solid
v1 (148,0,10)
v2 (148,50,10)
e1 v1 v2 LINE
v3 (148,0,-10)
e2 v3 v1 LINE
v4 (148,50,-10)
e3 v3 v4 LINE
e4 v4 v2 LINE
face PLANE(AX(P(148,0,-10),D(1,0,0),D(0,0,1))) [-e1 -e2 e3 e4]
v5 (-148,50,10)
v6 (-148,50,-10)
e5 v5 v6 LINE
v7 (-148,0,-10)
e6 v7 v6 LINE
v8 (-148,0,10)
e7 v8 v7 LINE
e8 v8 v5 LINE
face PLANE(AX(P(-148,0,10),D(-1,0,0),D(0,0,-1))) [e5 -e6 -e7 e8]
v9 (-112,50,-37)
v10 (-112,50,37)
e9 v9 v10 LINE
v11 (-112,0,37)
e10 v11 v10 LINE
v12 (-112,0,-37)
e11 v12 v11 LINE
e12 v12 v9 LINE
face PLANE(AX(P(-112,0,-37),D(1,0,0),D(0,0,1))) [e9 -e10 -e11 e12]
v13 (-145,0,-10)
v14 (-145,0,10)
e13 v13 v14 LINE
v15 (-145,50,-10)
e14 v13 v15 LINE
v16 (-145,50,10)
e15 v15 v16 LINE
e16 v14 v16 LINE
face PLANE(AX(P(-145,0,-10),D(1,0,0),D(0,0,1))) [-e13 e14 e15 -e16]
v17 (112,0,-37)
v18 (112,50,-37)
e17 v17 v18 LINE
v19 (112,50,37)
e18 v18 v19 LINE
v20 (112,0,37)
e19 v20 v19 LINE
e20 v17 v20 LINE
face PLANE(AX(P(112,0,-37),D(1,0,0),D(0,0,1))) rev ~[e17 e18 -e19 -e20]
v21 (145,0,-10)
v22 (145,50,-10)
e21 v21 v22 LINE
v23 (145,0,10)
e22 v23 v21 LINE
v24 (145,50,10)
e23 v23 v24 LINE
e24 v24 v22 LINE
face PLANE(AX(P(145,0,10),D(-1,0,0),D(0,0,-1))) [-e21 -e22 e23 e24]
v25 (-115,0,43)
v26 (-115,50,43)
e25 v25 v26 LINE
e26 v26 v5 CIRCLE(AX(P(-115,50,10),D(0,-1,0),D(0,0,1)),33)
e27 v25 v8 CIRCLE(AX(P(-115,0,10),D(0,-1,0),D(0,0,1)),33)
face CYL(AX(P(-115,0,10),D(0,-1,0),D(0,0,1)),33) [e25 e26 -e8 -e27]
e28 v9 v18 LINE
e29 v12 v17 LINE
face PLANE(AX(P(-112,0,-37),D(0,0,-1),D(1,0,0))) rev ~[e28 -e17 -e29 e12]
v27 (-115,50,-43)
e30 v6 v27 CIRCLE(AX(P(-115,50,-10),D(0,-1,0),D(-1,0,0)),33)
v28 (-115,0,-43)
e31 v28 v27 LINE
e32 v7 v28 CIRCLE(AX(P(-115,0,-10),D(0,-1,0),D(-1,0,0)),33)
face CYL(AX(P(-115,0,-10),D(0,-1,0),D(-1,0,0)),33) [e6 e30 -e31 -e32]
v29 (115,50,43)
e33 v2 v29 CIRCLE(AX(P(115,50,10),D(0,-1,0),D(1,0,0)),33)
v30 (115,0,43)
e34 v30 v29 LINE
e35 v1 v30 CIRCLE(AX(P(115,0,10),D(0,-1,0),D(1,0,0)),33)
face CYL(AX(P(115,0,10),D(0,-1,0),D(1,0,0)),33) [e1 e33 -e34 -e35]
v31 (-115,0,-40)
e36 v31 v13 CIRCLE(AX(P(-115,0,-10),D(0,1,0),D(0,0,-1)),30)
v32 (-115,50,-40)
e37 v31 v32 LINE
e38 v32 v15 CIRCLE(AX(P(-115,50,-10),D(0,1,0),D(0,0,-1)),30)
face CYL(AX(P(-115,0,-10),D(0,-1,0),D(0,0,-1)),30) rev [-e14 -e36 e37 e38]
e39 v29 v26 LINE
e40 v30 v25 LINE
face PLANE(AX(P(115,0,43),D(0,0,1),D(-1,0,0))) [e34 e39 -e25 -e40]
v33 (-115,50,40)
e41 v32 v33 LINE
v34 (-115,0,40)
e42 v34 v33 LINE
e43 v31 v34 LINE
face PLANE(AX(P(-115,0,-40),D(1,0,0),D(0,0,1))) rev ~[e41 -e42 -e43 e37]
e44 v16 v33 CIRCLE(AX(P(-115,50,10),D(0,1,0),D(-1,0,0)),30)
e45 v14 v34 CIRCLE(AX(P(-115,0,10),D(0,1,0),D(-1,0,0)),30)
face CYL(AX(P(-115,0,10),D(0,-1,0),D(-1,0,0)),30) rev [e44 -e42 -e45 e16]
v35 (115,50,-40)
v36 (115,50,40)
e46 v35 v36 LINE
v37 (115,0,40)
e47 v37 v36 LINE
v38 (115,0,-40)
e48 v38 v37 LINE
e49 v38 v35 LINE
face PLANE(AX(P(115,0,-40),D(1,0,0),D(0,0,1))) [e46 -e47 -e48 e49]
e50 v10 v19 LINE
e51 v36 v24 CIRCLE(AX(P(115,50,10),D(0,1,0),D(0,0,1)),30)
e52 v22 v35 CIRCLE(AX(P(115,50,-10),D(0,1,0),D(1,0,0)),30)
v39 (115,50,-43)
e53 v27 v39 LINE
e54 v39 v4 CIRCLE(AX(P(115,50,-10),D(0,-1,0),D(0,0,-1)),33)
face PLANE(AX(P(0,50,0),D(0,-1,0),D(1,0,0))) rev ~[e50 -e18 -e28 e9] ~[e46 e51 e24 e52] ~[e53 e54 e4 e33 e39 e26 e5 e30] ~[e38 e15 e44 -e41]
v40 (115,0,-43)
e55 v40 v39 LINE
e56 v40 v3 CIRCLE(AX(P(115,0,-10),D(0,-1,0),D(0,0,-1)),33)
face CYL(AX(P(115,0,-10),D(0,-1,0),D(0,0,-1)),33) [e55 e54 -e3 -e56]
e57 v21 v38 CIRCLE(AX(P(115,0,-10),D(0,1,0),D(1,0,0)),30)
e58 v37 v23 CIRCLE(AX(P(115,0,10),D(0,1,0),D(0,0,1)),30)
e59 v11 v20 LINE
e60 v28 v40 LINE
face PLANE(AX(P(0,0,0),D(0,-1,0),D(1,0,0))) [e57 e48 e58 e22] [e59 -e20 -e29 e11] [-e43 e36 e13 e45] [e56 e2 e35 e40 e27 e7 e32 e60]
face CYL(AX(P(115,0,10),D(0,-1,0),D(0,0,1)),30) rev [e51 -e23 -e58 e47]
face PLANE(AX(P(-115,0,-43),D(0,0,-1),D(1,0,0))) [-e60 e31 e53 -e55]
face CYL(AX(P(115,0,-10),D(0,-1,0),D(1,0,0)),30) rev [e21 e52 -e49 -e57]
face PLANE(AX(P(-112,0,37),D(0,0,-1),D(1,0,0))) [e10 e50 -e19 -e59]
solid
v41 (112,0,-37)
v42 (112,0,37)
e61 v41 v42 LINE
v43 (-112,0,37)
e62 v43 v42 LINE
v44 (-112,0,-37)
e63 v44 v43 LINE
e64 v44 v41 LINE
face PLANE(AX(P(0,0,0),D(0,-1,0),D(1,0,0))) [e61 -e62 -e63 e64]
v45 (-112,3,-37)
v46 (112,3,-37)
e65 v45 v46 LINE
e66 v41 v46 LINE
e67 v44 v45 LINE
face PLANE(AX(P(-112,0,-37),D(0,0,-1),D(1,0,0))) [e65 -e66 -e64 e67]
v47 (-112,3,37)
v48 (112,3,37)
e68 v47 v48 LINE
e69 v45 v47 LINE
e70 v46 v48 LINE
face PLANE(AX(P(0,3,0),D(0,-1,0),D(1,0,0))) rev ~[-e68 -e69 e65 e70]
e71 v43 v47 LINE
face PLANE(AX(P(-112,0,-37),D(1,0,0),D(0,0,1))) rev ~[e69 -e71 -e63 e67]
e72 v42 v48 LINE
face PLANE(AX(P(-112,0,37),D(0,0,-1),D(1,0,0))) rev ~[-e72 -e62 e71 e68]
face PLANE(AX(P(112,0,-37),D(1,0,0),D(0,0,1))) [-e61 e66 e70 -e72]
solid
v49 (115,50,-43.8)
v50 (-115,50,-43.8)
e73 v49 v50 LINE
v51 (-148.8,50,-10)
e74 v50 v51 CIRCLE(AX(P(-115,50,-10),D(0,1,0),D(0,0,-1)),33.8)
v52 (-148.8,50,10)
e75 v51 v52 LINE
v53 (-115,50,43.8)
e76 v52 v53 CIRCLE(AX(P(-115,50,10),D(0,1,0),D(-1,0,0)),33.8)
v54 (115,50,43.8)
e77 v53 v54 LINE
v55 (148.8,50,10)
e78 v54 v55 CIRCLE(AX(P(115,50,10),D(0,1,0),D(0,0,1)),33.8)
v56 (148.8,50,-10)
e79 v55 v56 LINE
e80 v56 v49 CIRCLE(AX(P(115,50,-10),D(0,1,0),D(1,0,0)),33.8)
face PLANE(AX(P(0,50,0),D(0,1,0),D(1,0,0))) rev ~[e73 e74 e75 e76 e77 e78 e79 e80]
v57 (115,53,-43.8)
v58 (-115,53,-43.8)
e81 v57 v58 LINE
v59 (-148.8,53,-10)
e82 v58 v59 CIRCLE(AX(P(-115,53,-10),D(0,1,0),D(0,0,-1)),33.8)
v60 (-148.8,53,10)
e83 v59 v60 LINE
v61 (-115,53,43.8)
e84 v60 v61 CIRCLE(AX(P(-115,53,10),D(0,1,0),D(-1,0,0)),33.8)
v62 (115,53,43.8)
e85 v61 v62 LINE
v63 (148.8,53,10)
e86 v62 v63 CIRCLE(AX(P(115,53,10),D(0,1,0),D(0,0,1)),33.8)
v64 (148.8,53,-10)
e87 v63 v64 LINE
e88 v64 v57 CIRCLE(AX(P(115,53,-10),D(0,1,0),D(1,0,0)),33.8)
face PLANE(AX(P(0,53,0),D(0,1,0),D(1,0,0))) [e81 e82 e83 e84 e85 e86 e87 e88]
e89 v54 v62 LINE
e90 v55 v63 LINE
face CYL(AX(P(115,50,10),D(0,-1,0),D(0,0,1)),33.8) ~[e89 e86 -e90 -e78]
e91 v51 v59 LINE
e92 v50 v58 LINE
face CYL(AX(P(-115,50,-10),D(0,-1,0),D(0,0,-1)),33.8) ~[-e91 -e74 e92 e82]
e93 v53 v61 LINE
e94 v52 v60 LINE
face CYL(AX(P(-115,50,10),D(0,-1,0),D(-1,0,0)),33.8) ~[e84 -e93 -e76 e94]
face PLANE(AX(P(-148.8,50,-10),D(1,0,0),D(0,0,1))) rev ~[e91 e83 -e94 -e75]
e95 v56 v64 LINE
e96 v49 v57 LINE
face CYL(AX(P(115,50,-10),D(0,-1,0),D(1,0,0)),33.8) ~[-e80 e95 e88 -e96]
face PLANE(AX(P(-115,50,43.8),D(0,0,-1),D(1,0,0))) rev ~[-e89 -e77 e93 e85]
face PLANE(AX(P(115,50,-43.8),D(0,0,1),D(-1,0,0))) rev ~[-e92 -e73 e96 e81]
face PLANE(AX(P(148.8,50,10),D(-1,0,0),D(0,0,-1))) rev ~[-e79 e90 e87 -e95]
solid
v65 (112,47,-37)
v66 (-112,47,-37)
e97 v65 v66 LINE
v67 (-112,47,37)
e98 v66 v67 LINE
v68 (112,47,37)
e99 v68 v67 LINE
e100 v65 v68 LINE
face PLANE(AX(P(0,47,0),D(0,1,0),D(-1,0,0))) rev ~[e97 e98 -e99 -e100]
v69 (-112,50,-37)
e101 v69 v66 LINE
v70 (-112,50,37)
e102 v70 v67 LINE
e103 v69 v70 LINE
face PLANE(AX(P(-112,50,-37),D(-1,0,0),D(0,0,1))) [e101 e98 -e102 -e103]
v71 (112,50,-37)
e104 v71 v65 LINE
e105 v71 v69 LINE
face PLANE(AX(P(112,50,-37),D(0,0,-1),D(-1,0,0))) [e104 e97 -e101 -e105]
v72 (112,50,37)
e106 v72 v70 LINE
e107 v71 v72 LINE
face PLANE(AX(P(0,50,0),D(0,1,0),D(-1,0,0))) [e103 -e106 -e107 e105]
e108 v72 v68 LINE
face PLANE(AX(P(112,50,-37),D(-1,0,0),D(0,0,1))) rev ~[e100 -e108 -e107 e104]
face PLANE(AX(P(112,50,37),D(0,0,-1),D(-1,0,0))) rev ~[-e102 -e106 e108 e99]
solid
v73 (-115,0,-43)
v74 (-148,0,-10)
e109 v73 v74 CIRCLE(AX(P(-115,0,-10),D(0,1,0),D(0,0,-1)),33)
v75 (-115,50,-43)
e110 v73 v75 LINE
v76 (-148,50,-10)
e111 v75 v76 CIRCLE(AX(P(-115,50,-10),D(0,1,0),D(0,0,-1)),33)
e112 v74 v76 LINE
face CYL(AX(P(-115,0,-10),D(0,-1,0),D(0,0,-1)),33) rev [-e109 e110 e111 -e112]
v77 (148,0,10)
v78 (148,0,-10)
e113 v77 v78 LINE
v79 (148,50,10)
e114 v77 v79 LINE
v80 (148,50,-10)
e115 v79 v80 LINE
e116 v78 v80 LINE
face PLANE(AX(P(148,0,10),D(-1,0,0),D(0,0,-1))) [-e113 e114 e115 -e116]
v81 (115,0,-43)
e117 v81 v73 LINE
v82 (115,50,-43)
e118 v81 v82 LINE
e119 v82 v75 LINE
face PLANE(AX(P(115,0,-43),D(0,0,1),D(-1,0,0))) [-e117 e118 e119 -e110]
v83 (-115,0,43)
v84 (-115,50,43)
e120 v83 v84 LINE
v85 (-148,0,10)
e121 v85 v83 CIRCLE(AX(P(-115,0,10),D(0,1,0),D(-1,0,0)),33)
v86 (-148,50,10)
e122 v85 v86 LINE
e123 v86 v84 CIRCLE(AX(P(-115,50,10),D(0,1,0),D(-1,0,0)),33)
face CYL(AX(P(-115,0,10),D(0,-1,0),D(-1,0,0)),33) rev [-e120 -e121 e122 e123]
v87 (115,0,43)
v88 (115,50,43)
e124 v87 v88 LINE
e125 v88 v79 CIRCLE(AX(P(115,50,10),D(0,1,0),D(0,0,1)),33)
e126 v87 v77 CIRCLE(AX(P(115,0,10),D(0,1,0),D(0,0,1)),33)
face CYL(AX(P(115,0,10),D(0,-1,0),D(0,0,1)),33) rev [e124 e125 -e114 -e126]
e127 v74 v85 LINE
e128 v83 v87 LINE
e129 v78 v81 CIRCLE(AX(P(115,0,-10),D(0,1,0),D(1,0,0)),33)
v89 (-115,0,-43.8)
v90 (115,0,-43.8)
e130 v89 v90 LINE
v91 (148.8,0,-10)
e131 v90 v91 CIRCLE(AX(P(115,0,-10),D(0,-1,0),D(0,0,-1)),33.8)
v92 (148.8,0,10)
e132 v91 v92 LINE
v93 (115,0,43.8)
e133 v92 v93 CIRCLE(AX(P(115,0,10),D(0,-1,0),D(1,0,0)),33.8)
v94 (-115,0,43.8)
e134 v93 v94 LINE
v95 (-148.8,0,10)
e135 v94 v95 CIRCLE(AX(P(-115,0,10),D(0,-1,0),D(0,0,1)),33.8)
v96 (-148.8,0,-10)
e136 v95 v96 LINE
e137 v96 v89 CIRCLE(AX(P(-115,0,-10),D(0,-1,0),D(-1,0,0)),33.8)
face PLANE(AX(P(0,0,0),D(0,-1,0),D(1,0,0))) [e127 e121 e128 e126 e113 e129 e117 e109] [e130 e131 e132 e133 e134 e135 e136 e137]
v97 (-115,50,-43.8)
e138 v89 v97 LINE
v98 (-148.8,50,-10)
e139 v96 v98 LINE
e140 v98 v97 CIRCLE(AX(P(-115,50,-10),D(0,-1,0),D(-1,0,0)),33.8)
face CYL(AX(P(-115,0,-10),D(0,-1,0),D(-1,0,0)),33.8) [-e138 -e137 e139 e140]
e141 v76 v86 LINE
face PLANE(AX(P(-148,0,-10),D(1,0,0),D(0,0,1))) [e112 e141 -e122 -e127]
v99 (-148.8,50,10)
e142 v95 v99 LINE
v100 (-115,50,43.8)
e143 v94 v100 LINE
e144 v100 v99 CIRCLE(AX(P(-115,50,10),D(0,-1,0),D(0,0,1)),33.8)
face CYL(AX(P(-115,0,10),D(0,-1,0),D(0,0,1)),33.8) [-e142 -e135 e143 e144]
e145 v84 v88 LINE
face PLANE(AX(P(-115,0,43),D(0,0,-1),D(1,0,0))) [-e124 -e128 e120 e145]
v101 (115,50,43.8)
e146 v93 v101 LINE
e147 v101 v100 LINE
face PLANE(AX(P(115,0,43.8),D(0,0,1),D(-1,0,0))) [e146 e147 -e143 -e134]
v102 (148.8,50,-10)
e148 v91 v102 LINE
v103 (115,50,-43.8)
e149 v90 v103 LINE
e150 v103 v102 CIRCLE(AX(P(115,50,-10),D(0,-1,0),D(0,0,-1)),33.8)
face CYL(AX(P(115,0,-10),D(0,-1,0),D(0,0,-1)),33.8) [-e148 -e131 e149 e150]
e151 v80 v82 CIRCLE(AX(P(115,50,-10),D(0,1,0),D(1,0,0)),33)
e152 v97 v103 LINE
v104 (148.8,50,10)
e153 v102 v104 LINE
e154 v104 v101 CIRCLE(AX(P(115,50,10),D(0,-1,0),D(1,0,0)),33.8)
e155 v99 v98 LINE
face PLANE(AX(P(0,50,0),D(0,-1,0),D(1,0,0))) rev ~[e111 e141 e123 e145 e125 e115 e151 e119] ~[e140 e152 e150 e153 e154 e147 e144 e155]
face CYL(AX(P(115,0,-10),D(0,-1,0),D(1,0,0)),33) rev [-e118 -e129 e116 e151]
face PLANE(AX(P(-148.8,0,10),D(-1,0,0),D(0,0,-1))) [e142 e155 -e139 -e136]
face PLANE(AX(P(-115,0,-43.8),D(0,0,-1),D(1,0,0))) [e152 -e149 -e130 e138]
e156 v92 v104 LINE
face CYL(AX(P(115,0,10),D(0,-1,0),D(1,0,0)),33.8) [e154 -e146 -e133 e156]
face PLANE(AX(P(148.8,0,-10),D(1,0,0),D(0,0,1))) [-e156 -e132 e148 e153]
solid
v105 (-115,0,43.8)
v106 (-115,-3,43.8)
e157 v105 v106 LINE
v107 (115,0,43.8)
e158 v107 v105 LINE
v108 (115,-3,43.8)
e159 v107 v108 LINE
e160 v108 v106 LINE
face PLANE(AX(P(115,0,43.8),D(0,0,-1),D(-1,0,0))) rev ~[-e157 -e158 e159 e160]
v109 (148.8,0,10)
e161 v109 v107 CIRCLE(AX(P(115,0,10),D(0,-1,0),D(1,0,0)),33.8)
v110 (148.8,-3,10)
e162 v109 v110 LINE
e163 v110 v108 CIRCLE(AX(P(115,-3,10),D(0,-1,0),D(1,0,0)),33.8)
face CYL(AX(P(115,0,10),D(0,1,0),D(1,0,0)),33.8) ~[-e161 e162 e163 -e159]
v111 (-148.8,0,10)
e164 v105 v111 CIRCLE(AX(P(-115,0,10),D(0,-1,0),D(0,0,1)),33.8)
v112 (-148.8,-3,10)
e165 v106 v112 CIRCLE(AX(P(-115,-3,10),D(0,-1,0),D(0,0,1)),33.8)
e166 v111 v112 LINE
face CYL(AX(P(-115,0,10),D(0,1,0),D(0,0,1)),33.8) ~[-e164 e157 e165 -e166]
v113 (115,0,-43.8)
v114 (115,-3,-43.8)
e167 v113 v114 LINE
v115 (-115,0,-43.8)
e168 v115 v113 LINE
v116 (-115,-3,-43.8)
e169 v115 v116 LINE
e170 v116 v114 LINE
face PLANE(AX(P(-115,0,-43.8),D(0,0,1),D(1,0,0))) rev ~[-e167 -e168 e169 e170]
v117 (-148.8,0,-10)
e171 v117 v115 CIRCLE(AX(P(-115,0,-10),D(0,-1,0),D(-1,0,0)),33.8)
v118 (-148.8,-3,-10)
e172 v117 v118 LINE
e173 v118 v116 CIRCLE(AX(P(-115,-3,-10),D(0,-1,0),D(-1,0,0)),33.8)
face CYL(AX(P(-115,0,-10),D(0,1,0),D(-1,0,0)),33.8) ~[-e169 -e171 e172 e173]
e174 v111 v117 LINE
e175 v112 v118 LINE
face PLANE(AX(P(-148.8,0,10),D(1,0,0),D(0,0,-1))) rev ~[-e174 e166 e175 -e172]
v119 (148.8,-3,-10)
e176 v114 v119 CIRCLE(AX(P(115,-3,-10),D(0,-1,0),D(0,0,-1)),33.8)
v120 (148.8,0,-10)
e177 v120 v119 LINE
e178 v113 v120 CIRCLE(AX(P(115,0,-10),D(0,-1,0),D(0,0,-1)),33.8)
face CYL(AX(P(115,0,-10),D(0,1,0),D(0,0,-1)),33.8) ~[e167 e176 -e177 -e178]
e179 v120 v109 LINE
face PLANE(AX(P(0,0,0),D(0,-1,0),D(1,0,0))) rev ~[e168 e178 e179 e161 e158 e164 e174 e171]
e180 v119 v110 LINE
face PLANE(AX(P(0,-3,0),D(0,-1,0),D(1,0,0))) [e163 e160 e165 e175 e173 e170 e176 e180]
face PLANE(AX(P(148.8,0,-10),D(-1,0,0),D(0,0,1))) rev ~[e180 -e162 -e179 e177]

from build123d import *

# Parameters (mm, degrees)
F0_W     = 230
F0_H     = 80
F0_W_2   = 224
F0_H_2   = 74
F1_DEPTH = 50
F2_DEPTH = 3
F3_DEPTH = 3
F4_DEPTH = 50
F5_W     = 224
F5_H     = 74
F6_DEPTH = 3
F7_DEPTH = 3


with BuildPart() as f1:
    # F0 (on Front) → F1 (new body)
    with BuildSketch(Plane.XZ):
        with BuildLine():
            ThreePointArc((-115, 43), (-138.3345237792, 33.3345237792), (-148, 10))
            Line((-148, 10), (-148, -10))
            ThreePointArc((-148, -10), (-138.3345237792, -33.3345237792), (-115, -43))
            Line((-115, -43), (115, -43))
            ThreePointArc((115, -43), (138.3345237792, -33.3345237792), (148, -10))
            Line((148, -10), (148, 10))
            ThreePointArc((148, 10), (138.3345237792, 33.3345237792), (115, 43))
            Line((115, 43), (-115, 43))
        make_face()
        with BuildLine():
            Line((-115, 40), (115, 40))
            ThreePointArc((115, 40), (136.2132034356, 31.2132034356), (145, 10))
            Line((145, 10), (145, -10))
            ThreePointArc((145, -10), (136.2132034356, -31.2132034356), (115, -40))
            Line((115, -40), (-115, -40))
            ThreePointArc((-115, -40), (-136.2132034356, -31.2132034356), (-145, -10))
            Line((-145, -10), (-145, 10))
            ThreePointArc((-145, 10), (-136.2132034356, 31.2132034356), (-115, 40))
        make_face(mode=Mode.SUBTRACT)
        Rectangle(F0_W, F0_H)
        Rectangle(F0_W_2, F0_H_2, mode=Mode.SUBTRACT)
    extrude(amount=-F1_DEPTH)


with BuildPart() as f2:
    # F0 (on Front) → F2 (new body)
    with BuildSketch(Plane.XZ):
        Rectangle(F0_W_2, F0_H_2)
    extrude(amount=-F2_DEPTH)


with BuildPart() as f3:
    # F0 (on Front) → F3 (new body)
    with BuildSketch(Plane.XZ):
        with BuildLine():
            ThreePointArc((148.8, 10), (138.9002092041, 33.9002092041), (115, 43.8))
            Line((115, 43.8), (-115, 43.8))
            ThreePointArc((-115, 43.8), (-138.9002092041, 33.9002092041), (-148.8, 10))
            Line((-148.8, 10), (-148.8, -10))
            ThreePointArc((-148.8, -10), (-138.9002092041, -33.9002092041), (-115, -43.8))
            Line((-115, -43.8), (115, -43.8))
            ThreePointArc((115, -43.8), (138.9002092041, -33.9002092041), (148.8, -10))
            Line((148.8, -10), (148.8, 10))
        make_face()
        with BuildLine():
            Line((-148, -10), (-148, 10))
            ThreePointArc((-148, 10), (-138.3345237792, 33.3345237792), (-115, 43))
            Line((-115, 43), (115, 43))
            ThreePointArc((115, 43), (138.3345237792, 33.3345237792), (148, 10))
            Line((148, 10), (148, -10))
            ThreePointArc((148, -10), (138.3345237792, -33.3345237792), (115, -43))
            Line((115, -43), (-115, -43))
            ThreePointArc((-115, -43), (-138.3345237792, -33.3345237792), (-148, -10))
        make_face(mode=Mode.SUBTRACT)
        with BuildLine():
            ThreePointArc((-115, 43), (-138.3345237792, 33.3345237792), (-148, 10))
            Line((-148, 10), (-148, -10))
            ThreePointArc((-148, -10), (-138.3345237792, -33.3345237792), (-115, -43))
            Line((-115, -43), (115, -43))
            ThreePointArc((115, -43), (138.3345237792, -33.3345237792), (148, -10))
            Line((148, -10), (148, 10))
            ThreePointArc((148, 10), (138.3345237792, 33.3345237792), (115, 43))
            Line((115, 43), (-115, 43))
        make_face()
        with BuildLine():
            Line((-115, 40), (115, 40))
            ThreePointArc((115, 40), (136.2132034356, 31.2132034356), (145, 10))
            Line((145, 10), (145, -10))
            ThreePointArc((145, -10), (136.2132034356, -31.2132034356), (115, -40))
            Line((115, -40), (-115, -40))
            ThreePointArc((-115, -40), (-136.2132034356, -31.2132034356), (-145, -10))
            Line((-145, -10), (-145, 10))
            ThreePointArc((-145, 10), (-136.2132034356, 31.2132034356), (-115, 40))
        make_face(mode=Mode.SUBTRACT)
        Rectangle(F0_W, F0_H)
        Rectangle(F0_W_2, F0_H_2, mode=Mode.SUBTRACT)
        Rectangle(F0_W_2, F0_H_2)
        with BuildLine():
            Line((-115, -40), (-115, 40))
            ThreePointArc((-115, 40), (-136.2132034356, 31.2132034356), (-145, 10))
            Line((-145, 10), (-145, -10))
            ThreePointArc((-145, -10), (-136.2132034356, -31.2132034356), (-115, -40))
        make_face()
        with BuildLine():
            ThreePointArc((145, 10), (136.2132034356, 31.2132034356), (115, 40))
            Line((115, 40), (115, -40))
            ThreePointArc((115, -40), (136.2132034356, -31.2132034356), (145, -10))
            Line((145, -10), (145, 10))
        make_face()
    extrude(amount=F3_DEPTH)


with BuildPart() as f4:
    # F0 (on Front) → F4 (new body)
    with BuildSketch(Plane.XZ):
        with BuildLine():
            ThreePointArc((148.8, 10), (138.9002092041, 33.9002092041), (115, 43.8))
            Line((115, 43.8), (-115, 43.8))
            ThreePointArc((-115, 43.8), (-138.9002092041, 33.9002092041), (-148.8, 10))
            Line((-148.8, 10), (-148.8, -10))
            ThreePointArc((-148.8, -10), (-138.9002092041, -33.9002092041), (-115, -43.8))
            Line((-115, -43.8), (115, -43.8))
            ThreePointArc((115, -43.8), (138.9002092041, -33.9002092041), (148.8, -10))
            Line((148.8, -10), (148.8, 10))
        make_face()
        with BuildLine():
            Line((-148, -10), (-148, 10))
            ThreePointArc((-148, 10), (-138.3345237792, 33.3345237792), (-115, 43))
            Line((-115, 43), (115, 43))
            ThreePointArc((115, 43), (138.3345237792, 33.3345237792), (148, 10))
            Line((148, 10), (148, -10))
            ThreePointArc((148, -10), (138.3345237792, -33.3345237792), (115, -43))
            Line((115, -43), (-115, -43))
            ThreePointArc((-115, -43), (-138.3345237792, -33.3345237792), (-148, -10))
        make_face(mode=Mode.SUBTRACT)
    extrude(amount=-F4_DEPTH)


with BuildPart() as f6:
    # F5 (on face) → F6 (new body)
    with BuildSketch(Plane(origin=(0, 50, 0), x_dir=(-1, 0, 0), z_dir=(0, 1, 0))):
        Rectangle(F5_W, F5_H)
    extrude(amount=-F6_DEPTH)


with BuildPart() as f7:
    # F5 (on face) + F4_face (on face) → F7 (new body)
    with BuildSketch(Plane(origin=(0, 50, 0), x_dir=(-1, 0, 0), z_dir=(0, 1, 0))):
        with BuildLine():
            Line((148, -10), (148, 10))
            ThreePointArc((148, 10), (138.3345237792, 33.3345237792), (115, 43))
            Line((115, 43), (-115, 43))
            ThreePointArc((-115, 43), (-138.3345237792, 33.3345237792), (-148, 10))
            Line((-148, 10), (-148, -10))
            ThreePointArc((-148, -10), (-138.3345237792, -33.3345237792), (-115, -43))
            Line((-115, -43), (115, -43))
            ThreePointArc((115, -43), (138.3345237792, -33.3345237792), (148, -10))
        make_face()
        with BuildLine():
            Line((-145, -10), (-145, 10))
            ThreePointArc((-145, 10), (-136.2132034356, 31.2132034356), (-115, 40))
            Line((-115, 40), (-115, -40))
            ThreePointArc((-115, -40), (-136.2132034356, -31.2132034356), (-145, -10))
        make_face(mode=Mode.SUBTRACT)
        Rectangle(F5_W, F5_H, mode=Mode.SUBTRACT)
        with BuildLine():
            Line((115, -40), (115, 40))
            ThreePointArc((115, 40), (136.2132034356, 31.2132034356), (145, 10))
            Line((145, 10), (145, -10))
            ThreePointArc((145, -10), (136.2132034356, -31.2132034356), (115, -40))
        make_face(mode=Mode.SUBTRACT)
        Rectangle(F5_W, F5_H)
        with BuildLine():
            ThreePointArc((-115, 40), (-136.2132034356, 31.2132034356), (-145, 10))
            Line((-145, 10), (-145, -10))
            ThreePointArc((-145, -10), (-136.2132034356, -31.2132034356), (-115, -40))
            Line((-115, -40), (-115, 40))
        make_face()
        with BuildLine():
            ThreePointArc((145, 10), (136.2132034356, 31.2132034356), (115, 40))
            Line((115, 40), (115, -40))
            ThreePointArc((115, -40), (136.2132034356, -31.2132034356), (145, -10))
            Line((145, -10), (145, 10))
        make_face()
    with BuildSketch(Plane(origin=(0, 50, 0), x_dir=(1, 0, 0), z_dir=(0, 1, 0))):
        with BuildLine():
            ThreePointArc((148.8, 10), (138.9002092041, 33.9002092041), (115, 43.8))
            Line((115, 43.8), (-115, 43.8))
            ThreePointArc((-115, 43.8), (-138.9002092041, 33.9002092041), (-148.8, 10))
            Line((-148.8, 10), (-148.8, -10))
            ThreePointArc((-148.8, -10), (-138.9002092041, -33.9002092041), (-115, -43.8))
            Line((-115, -43.8), (115, -43.8))
            ThreePointArc((115, -43.8), (138.9002092041, -33.9002092041), (148.8, -10))
            Line((148.8, -10), (148.8, 10))
        make_face()
        with BuildLine():
            ThreePointArc((-148, 10), (-138.3345237792, 33.3345237792), (-115, 43))
            Line((-115, 43), (115, 43))
            ThreePointArc((115, 43), (138.3345237792, 33.3345237792), (148, 10))
            Line((148, 10), (148, -10))
            ThreePointArc((148, -10), (138.3345237792, -33.3345237792), (115, -43))
            Line((115, -43), (-115, -43))
            ThreePointArc((-115, -43), (-138.3345237792, -33.3345237792), (-148, -10))
            Line((-148, -10), (-148, 10))
        make_face(mode=Mode.SUBTRACT)
    extrude(amount=F7_DEPTH)


solid = Compound([f1.part, f2.part, f3.part, f4.part, f6.part, f7.part])
